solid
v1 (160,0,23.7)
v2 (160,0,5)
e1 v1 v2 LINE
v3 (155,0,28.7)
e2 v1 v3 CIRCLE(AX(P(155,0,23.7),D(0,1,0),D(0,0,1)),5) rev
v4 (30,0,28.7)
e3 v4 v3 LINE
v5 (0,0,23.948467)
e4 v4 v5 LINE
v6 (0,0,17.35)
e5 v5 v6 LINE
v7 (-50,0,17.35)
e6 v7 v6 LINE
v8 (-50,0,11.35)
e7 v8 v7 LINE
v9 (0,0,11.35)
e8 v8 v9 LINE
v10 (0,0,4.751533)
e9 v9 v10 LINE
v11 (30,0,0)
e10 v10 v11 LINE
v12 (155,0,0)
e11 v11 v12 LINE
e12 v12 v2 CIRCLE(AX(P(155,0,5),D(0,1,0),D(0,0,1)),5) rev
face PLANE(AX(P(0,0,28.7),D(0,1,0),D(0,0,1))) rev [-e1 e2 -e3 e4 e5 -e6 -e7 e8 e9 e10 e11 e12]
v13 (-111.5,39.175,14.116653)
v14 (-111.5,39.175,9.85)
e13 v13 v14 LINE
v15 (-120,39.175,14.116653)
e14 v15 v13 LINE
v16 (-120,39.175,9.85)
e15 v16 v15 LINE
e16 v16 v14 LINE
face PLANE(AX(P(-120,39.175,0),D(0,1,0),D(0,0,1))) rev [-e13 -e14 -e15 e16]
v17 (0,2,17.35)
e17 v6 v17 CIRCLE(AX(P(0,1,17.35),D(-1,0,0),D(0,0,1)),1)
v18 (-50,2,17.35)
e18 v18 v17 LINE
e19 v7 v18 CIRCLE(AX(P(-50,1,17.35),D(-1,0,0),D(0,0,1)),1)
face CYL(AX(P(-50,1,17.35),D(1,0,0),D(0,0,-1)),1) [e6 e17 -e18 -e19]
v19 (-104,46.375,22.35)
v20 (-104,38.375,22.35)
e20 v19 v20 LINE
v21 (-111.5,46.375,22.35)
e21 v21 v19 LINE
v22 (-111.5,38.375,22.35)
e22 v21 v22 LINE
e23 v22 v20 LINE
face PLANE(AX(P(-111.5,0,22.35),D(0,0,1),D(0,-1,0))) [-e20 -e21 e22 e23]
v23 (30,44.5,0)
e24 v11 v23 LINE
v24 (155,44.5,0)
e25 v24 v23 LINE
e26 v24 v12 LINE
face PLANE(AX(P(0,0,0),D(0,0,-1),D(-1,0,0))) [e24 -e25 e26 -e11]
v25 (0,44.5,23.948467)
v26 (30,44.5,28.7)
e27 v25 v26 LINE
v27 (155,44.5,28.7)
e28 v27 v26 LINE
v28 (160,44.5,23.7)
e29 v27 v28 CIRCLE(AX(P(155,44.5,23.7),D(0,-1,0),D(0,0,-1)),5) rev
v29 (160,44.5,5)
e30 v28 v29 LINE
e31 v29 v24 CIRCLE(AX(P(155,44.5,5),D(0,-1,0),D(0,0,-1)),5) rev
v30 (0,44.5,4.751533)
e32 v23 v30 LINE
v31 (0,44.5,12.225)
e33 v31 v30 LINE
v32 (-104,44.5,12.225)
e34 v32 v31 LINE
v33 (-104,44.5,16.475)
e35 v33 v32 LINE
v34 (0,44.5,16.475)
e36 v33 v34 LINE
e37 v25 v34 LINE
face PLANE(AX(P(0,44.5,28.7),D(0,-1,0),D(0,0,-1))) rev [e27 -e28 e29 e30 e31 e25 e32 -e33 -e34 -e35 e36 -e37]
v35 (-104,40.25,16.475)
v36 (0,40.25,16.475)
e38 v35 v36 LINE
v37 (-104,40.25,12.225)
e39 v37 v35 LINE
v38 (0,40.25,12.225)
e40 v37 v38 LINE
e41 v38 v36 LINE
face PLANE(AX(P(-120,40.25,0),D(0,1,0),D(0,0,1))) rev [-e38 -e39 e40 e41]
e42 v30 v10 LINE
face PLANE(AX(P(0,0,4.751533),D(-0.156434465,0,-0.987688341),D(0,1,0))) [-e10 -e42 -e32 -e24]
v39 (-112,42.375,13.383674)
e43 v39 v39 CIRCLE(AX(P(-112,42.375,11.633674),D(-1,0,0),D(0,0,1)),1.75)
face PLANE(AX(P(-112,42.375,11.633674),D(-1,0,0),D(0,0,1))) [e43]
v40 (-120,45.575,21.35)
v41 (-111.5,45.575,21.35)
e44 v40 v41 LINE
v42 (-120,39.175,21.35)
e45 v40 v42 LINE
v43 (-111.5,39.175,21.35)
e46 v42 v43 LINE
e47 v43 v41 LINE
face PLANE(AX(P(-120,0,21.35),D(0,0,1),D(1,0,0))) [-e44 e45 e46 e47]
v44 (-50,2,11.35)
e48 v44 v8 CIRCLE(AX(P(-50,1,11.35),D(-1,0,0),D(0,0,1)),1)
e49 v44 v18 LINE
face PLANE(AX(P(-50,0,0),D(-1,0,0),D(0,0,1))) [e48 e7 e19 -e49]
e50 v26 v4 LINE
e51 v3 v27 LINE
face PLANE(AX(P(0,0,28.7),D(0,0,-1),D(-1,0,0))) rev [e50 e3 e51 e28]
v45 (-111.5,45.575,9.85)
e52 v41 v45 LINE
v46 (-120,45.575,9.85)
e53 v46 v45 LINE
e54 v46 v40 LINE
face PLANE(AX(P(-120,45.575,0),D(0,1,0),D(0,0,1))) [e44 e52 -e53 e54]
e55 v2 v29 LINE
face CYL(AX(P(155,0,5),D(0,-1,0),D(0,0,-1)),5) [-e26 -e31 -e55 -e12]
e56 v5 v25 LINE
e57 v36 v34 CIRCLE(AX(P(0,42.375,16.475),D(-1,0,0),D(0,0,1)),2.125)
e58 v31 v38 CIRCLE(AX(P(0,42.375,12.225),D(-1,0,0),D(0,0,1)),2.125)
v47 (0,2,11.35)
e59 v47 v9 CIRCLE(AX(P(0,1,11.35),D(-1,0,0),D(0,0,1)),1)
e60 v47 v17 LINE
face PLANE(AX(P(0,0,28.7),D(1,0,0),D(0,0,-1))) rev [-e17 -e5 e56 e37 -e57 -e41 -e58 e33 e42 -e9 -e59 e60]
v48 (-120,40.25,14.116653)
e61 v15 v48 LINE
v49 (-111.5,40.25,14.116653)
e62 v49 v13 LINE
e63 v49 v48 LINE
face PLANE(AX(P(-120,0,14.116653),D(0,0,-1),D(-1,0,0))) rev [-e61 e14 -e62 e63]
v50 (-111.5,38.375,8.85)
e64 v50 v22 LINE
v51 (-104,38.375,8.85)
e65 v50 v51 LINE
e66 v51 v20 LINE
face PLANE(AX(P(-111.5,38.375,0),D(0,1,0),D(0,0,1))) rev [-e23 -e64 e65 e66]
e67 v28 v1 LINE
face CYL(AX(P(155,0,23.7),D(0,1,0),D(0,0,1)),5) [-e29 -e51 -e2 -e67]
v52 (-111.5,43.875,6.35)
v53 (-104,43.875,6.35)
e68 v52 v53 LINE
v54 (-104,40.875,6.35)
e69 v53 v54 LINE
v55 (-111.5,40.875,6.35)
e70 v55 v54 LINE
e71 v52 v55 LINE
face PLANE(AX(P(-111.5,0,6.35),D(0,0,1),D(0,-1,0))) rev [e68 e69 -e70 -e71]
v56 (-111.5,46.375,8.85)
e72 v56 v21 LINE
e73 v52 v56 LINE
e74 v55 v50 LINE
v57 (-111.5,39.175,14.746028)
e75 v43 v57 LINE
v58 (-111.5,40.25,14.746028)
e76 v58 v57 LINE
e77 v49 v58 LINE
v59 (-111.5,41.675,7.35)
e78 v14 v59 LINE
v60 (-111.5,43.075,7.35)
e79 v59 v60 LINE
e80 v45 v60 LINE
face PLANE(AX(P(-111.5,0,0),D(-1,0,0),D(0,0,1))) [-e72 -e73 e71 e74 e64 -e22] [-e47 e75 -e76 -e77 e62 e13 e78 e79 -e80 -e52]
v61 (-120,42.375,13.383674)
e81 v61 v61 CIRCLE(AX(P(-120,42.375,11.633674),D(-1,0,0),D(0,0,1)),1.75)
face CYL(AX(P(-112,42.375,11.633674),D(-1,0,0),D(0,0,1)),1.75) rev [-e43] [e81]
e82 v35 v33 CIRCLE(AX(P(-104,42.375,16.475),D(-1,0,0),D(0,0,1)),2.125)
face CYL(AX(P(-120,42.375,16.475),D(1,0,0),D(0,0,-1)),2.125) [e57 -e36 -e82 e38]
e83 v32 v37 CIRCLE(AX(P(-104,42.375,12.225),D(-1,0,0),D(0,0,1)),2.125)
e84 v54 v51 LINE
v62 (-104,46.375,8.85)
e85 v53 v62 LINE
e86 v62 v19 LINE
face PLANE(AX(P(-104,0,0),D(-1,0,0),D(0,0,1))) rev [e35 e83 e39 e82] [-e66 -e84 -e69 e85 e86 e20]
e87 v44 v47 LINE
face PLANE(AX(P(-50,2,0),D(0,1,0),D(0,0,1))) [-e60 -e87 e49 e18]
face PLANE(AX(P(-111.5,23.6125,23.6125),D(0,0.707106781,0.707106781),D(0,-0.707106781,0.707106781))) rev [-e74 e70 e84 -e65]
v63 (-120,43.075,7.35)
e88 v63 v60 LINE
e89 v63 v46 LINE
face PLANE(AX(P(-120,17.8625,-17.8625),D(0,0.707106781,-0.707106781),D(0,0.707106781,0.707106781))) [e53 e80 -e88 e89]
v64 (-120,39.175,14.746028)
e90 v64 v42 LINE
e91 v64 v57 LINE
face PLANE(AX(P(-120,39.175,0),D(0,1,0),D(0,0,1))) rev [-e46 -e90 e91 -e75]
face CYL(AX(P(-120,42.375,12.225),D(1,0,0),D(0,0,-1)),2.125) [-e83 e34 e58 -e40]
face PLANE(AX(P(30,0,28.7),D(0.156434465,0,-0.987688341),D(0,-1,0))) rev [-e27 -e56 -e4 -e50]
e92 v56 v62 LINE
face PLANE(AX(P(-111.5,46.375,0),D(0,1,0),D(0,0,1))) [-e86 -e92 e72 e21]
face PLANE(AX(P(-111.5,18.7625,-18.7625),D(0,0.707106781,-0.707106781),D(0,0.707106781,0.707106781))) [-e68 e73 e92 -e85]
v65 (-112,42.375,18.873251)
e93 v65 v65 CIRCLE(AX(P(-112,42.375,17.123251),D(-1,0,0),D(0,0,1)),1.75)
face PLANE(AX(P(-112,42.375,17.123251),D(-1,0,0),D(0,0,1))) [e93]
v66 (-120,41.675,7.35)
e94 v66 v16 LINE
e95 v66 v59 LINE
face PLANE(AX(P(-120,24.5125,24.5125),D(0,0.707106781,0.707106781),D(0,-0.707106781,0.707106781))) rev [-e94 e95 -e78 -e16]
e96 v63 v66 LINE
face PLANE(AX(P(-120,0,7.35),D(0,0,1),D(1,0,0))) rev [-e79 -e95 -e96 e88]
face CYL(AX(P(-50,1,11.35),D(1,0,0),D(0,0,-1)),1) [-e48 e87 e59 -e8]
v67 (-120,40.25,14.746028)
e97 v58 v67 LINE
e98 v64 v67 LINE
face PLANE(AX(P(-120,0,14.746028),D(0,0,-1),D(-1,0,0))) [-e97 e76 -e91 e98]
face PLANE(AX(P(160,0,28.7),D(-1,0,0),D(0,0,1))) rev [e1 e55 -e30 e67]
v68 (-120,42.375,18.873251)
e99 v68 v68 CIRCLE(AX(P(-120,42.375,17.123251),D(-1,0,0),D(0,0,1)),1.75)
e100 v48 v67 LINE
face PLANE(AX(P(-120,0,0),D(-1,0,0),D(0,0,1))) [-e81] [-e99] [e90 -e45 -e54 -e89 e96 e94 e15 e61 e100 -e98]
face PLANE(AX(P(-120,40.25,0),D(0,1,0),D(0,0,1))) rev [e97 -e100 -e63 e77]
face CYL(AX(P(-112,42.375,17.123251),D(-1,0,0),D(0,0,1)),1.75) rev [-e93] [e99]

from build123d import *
from OCP.BRepFilletAPI import BRepFilletAPI_MakeChamfer

# Parameters (mm, degrees)
SKETCH_1_W          = 160
SKETCH_1_H          = 44.5
EXTRUDE_1_DEPTH     = 28.7
FILLET_1_R          = 5
CHAMFER_1_SIZE      = 30
CHAMFER_1_SIZE2     = 4.75153321
EXTRUDE_6_DEPTH     = 120
EXTRUDE_7_DEPTH     = 50
EXTRUDE_8_DEPTH     = 7.5
SKETCH_3_3_R        = 1.75
EXTRUDE_9_DEPTH     = 16
SKETCH_4_R          = 1.75
CUT_EXTRUDE_1_DEPTH = 8


with BuildPart() as part:
    # 草圖1 → 填料-伸長1 (new body)
    with BuildSketch(Plane.XY):
        with Locations((80, 22.25)):
            Rectangle(SKETCH_1_W, SKETCH_1_H)
    extrude(amount=EXTRUDE_1_DEPTH)

    # 圓角1
    fillet_1_edges = [part.edges().sort_by_distance(p)[0] for p in [
        (160, 22.25, 0),
        (160, 22.25, 28.7),
    ]]
    fillet(fillet_1_edges, radius=FILLET_1_R)

    # 導角1: one chamfer whose edges measure the first distance from different faces: ONE call of the kernel's chamfer builder (chamfer() names one face for all edges)
    chamfer_1_edges_1 = [part.edges().sort_by_distance(p)[0] for p in [
        (0, 22.25, 28.7),
    ]]
    chamfer_1_side_1 = [part.faces().sort_by_distance(p)[0] for p in [
        (77.5, 22.25, 28.7),
    ]]
    chamfer_1_edges_2 = [part.edges().sort_by_distance(p)[0] for p in [
        (0, 22.25, 0),
    ]]
    chamfer_1_side_2 = [part.faces().sort_by_distance(p)[0] for p in [
        (77.5, 22.25, 0),
    ]]
    chamfer_1 = BRepFilletAPI_MakeChamfer(part.part.solid().wrapped)
    for e in chamfer_1_edges_1:
        chamfer_1.Add(CHAMFER_1_SIZE, CHAMFER_1_SIZE2, e.wrapped, chamfer_1_side_1[0].wrapped)  # the first distance lies on this face
    for e in chamfer_1_edges_2:
        chamfer_1.Add(CHAMFER_1_SIZE, CHAMFER_1_SIZE2, e.wrapped, chamfer_1_side_2[0].wrapped)  # the first distance lies on this face
    add(Compound.cast(chamfer_1.Shape()), mode=Mode.REPLACE)

    # 草圖2 → 填料-伸長6 (add)
    with BuildSketch(Plane.ZY):
        with BuildLine():
            Line((16.475, 44.5), (12.225, 44.5))
            ThreePointArc((12.225, 44.5), (10.1, 42.375), (12.225, 40.25))
            Line((12.225, 40.25), (16.474999883, 40.25))
            ThreePointArc((16.474999883, 40.25), (18.6, 42.374999942), (16.475, 44.5))
        make_face()
    extrude(amount=EXTRUDE_6_DEPTH)

    # 草圖2<3> → 填料-伸長7 (add)
    with BuildSketch(Plane.ZY):
        with BuildLine():
            ThreePointArc((11.35, 2), (10.35, 1), (11.35, 0))
            Line((11.35, 0), (17.35, 0))
            ThreePointArc((17.35, 0), (18.35, 1), (17.35, 2))
            Line((17.35, 2), (11.35, 2))
        make_face()
    extrude(amount=EXTRUDE_7_DEPTH)

    # 草圖3 → 填料-伸長8 (add)
    with BuildSketch(Plane.ZY.offset(104)):
        Polygon((22.35, 46.375), (8.85, 46.375), (6.35, 43.875), (6.35, 40.875), (8.85, 38.375), (22.35, 38.375), align=None)
    extrude(amount=EXTRUDE_8_DEPTH)

    # 草圖3<3> → 填料-伸長9 (add)
    with BuildSketch(Plane.ZY.offset(104)):
        Polygon((9.85, 45.575), (7.35, 43.075), (7.35, 41.675), (9.85, 39.175), (14.11665296, 39.175), (14.11665296, 40.489122918), (14.746028023, 40.489122918), (14.746028023, 39.175), (21.35, 39.175), (21.35, 45.575), align=None)
        with Locations((12.225, 42.375)):
            Circle(SKETCH_3_3_R, mode=Mode.SUBTRACT)
        with Locations((16.475, 42.375)):
            Circle(SKETCH_3_3_R, mode=Mode.SUBTRACT)
    extrude(amount=EXTRUDE_9_DEPTH)

    # 草圖4 → 除料-伸長1 (cut)
    with BuildSketch(Plane.ZY.offset(120)):
        with Locations((11.633674327, 42.375)):
            Circle(SKETCH_4_R)
        with Locations((17.123250996, 42.375)):
            Circle(SKETCH_4_R)
    extrude(amount=-CUT_EXTRUDE_1_DEPTH, mode=Mode.SUBTRACT)


solid = part.part
